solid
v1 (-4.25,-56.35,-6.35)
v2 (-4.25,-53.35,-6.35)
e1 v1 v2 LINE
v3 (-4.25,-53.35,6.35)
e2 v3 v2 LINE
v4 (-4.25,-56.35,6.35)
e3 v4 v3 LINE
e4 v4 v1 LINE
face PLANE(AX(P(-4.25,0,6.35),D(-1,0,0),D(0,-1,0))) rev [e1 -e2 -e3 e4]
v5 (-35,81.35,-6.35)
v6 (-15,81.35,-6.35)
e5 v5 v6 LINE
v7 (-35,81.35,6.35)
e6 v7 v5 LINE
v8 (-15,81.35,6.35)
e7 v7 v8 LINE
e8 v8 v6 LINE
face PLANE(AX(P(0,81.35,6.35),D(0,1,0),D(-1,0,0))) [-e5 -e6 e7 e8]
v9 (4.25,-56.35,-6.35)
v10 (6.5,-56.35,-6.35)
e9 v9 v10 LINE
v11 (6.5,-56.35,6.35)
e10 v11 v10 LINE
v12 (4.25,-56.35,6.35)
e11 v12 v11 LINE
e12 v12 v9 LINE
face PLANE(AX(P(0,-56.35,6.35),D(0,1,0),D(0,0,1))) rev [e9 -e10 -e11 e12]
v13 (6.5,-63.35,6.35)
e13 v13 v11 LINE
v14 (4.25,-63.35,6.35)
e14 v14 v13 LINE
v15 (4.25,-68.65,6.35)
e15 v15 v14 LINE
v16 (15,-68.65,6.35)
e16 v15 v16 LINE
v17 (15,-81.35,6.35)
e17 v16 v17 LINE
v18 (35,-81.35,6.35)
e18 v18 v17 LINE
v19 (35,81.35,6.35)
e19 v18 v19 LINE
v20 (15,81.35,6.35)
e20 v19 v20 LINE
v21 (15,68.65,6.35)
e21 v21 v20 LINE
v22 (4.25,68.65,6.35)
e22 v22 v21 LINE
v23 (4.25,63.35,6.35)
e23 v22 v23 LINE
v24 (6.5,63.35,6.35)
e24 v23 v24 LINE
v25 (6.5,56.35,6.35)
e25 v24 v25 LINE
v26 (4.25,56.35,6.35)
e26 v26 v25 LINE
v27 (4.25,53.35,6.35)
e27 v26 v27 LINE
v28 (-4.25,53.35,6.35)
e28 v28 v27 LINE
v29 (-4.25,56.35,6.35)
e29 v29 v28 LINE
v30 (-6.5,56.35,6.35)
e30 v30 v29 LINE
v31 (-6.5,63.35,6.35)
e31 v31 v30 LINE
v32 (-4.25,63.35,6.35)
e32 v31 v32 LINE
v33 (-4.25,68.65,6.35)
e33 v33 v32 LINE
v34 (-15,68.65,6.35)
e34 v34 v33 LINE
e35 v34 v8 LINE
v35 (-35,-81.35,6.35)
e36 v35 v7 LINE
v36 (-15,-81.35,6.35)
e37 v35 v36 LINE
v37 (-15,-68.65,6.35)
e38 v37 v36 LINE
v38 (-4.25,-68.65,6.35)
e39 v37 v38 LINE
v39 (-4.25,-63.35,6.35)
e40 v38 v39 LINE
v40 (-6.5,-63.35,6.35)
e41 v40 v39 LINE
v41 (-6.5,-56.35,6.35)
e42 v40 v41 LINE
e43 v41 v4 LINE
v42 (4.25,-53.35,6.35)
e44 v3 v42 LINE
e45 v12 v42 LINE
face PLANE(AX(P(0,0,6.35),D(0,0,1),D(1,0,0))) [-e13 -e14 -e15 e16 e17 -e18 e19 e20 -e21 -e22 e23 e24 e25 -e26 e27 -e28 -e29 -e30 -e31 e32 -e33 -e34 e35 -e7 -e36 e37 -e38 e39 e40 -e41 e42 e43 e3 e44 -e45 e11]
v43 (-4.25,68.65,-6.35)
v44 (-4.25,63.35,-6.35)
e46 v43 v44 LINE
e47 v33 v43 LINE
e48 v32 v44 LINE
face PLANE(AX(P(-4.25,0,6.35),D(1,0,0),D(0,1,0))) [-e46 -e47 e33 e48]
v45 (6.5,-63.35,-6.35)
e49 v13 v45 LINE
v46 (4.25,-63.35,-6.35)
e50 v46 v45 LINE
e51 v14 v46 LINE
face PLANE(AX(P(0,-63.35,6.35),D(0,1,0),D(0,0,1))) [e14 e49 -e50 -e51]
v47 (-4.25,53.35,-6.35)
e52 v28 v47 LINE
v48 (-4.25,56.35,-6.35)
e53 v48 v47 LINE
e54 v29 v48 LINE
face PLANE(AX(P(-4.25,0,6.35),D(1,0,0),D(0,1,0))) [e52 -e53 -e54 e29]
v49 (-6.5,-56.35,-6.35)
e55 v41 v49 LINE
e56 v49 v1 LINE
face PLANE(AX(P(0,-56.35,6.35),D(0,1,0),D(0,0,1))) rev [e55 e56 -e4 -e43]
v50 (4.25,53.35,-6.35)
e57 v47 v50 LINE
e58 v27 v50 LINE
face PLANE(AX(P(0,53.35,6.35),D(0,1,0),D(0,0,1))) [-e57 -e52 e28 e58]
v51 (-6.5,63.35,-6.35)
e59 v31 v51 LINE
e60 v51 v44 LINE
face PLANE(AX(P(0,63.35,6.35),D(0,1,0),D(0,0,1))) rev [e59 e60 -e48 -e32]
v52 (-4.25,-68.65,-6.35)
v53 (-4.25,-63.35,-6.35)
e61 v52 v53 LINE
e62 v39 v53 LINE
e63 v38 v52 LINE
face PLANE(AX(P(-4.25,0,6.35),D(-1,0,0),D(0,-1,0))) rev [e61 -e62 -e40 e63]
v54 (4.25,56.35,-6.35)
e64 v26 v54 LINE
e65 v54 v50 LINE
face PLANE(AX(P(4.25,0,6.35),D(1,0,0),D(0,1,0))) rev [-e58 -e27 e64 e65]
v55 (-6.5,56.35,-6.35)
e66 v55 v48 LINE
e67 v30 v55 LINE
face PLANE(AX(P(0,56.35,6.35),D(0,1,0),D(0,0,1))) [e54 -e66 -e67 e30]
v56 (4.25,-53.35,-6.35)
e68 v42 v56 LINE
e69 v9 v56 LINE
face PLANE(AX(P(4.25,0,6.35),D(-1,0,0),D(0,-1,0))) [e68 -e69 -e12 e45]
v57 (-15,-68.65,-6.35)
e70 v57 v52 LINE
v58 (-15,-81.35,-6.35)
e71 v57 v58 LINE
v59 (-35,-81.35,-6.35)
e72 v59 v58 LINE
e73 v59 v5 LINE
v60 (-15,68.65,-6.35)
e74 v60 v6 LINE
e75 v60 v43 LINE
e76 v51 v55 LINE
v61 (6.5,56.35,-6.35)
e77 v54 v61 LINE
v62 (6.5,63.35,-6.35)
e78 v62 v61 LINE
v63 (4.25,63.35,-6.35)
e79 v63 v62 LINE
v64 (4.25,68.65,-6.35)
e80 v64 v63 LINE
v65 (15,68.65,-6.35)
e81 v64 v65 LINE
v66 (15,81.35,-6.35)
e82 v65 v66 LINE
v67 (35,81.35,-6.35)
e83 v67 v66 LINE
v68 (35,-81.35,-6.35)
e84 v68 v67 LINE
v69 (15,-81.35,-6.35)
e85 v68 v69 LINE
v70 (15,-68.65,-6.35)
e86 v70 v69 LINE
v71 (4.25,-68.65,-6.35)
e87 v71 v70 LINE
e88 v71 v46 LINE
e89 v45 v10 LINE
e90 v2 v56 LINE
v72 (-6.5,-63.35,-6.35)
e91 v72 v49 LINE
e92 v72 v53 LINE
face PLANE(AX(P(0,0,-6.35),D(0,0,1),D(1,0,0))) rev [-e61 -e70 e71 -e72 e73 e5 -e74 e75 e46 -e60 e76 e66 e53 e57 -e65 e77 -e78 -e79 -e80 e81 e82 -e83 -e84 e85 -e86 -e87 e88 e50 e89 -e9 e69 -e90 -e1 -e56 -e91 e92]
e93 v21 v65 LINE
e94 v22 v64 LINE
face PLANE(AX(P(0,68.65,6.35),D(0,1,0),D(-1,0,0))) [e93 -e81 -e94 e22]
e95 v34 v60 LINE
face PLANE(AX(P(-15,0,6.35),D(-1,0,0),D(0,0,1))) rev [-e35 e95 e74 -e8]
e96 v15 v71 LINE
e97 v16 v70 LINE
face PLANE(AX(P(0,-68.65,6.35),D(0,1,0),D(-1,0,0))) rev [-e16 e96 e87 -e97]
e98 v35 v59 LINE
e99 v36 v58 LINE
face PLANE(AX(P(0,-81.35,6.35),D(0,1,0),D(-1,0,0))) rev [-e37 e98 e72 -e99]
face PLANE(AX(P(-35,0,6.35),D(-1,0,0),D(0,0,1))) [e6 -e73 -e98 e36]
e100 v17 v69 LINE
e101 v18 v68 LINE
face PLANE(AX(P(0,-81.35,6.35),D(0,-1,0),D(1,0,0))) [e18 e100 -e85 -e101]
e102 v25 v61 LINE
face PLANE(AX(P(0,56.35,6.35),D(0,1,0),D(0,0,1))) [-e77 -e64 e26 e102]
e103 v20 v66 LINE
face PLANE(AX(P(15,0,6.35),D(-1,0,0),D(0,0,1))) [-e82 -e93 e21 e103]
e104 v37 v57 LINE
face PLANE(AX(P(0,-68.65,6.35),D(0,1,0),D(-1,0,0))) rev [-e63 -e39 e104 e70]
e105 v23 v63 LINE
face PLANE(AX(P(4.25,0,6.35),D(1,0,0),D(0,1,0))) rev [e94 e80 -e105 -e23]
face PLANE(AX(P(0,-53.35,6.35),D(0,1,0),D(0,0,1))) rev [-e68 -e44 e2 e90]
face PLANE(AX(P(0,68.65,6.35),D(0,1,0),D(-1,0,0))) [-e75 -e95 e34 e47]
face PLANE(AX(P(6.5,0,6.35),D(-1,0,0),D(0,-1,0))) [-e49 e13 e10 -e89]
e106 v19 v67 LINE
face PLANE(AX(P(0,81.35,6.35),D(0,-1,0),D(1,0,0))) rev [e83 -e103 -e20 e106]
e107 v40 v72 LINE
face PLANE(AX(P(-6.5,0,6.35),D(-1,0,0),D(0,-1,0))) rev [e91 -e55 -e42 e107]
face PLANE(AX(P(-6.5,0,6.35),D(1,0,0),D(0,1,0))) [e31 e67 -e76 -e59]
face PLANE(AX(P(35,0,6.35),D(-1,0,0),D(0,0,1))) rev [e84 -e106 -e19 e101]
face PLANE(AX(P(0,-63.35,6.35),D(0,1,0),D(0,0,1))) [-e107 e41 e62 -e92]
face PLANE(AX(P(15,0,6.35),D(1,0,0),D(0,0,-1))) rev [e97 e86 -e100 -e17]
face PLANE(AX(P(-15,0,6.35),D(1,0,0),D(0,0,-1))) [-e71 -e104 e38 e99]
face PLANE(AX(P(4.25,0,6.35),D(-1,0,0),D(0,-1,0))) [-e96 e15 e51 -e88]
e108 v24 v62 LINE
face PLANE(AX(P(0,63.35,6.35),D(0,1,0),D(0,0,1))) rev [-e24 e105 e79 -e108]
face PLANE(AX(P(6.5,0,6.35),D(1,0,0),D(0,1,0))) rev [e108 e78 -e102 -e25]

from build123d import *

# Parameters (mm, degrees)
SKETCH1_W           = 20
SKETCH1_H           = 12.7
BOSS_EXTRUDE1_DEPTH = 6.35


with BuildPart() as part:
    # Sketch1 → Boss-Extrude1 (new, symmetric)
    with BuildSketch(Plane.XY):
        Polygon((-35, 68.65), (-35, -68.65), (-15, -68.65), (-4.25, -68.65), (-4.25, -63.35), (-6.5, -63.35), (-6.5, -56.35), (-4.25, -56.35), (-4.25, -53.35), (4.25, -53.35), (4.25, -56.35), (6.5, -56.35), (6.5, -63.35), (4.25, -63.35), (4.25, -68.65), (15, -68.65), (35, -68.65), (35, 68.65), (15, 68.65), (4.25, 68.65), (4.25, 63.35), (6.5, 63.35), (6.5, 56.35), (4.25, 56.35), (4.25, 53.35), (-4.25, 53.35), (-4.25, 56.35), (-6.5, 56.35), (-6.5, 63.35), (-4.25, 63.35), (-4.25, 68.65), (-15, 68.65), align=None)
        with Locations((-25, -75)):
            Rectangle(SKETCH1_W, SKETCH1_H)
        with Locations((25, -75)):
            Rectangle(SKETCH1_W, SKETCH1_H)
        with Locations((25, 75)):
            Rectangle(SKETCH1_W, SKETCH1_H)
        with Locations((-25, 75)):
            Rectangle(SKETCH1_W, SKETCH1_H)
    extrude(amount=BOSS_EXTRUDE1_DEPTH, both=True)


solid = part.part
